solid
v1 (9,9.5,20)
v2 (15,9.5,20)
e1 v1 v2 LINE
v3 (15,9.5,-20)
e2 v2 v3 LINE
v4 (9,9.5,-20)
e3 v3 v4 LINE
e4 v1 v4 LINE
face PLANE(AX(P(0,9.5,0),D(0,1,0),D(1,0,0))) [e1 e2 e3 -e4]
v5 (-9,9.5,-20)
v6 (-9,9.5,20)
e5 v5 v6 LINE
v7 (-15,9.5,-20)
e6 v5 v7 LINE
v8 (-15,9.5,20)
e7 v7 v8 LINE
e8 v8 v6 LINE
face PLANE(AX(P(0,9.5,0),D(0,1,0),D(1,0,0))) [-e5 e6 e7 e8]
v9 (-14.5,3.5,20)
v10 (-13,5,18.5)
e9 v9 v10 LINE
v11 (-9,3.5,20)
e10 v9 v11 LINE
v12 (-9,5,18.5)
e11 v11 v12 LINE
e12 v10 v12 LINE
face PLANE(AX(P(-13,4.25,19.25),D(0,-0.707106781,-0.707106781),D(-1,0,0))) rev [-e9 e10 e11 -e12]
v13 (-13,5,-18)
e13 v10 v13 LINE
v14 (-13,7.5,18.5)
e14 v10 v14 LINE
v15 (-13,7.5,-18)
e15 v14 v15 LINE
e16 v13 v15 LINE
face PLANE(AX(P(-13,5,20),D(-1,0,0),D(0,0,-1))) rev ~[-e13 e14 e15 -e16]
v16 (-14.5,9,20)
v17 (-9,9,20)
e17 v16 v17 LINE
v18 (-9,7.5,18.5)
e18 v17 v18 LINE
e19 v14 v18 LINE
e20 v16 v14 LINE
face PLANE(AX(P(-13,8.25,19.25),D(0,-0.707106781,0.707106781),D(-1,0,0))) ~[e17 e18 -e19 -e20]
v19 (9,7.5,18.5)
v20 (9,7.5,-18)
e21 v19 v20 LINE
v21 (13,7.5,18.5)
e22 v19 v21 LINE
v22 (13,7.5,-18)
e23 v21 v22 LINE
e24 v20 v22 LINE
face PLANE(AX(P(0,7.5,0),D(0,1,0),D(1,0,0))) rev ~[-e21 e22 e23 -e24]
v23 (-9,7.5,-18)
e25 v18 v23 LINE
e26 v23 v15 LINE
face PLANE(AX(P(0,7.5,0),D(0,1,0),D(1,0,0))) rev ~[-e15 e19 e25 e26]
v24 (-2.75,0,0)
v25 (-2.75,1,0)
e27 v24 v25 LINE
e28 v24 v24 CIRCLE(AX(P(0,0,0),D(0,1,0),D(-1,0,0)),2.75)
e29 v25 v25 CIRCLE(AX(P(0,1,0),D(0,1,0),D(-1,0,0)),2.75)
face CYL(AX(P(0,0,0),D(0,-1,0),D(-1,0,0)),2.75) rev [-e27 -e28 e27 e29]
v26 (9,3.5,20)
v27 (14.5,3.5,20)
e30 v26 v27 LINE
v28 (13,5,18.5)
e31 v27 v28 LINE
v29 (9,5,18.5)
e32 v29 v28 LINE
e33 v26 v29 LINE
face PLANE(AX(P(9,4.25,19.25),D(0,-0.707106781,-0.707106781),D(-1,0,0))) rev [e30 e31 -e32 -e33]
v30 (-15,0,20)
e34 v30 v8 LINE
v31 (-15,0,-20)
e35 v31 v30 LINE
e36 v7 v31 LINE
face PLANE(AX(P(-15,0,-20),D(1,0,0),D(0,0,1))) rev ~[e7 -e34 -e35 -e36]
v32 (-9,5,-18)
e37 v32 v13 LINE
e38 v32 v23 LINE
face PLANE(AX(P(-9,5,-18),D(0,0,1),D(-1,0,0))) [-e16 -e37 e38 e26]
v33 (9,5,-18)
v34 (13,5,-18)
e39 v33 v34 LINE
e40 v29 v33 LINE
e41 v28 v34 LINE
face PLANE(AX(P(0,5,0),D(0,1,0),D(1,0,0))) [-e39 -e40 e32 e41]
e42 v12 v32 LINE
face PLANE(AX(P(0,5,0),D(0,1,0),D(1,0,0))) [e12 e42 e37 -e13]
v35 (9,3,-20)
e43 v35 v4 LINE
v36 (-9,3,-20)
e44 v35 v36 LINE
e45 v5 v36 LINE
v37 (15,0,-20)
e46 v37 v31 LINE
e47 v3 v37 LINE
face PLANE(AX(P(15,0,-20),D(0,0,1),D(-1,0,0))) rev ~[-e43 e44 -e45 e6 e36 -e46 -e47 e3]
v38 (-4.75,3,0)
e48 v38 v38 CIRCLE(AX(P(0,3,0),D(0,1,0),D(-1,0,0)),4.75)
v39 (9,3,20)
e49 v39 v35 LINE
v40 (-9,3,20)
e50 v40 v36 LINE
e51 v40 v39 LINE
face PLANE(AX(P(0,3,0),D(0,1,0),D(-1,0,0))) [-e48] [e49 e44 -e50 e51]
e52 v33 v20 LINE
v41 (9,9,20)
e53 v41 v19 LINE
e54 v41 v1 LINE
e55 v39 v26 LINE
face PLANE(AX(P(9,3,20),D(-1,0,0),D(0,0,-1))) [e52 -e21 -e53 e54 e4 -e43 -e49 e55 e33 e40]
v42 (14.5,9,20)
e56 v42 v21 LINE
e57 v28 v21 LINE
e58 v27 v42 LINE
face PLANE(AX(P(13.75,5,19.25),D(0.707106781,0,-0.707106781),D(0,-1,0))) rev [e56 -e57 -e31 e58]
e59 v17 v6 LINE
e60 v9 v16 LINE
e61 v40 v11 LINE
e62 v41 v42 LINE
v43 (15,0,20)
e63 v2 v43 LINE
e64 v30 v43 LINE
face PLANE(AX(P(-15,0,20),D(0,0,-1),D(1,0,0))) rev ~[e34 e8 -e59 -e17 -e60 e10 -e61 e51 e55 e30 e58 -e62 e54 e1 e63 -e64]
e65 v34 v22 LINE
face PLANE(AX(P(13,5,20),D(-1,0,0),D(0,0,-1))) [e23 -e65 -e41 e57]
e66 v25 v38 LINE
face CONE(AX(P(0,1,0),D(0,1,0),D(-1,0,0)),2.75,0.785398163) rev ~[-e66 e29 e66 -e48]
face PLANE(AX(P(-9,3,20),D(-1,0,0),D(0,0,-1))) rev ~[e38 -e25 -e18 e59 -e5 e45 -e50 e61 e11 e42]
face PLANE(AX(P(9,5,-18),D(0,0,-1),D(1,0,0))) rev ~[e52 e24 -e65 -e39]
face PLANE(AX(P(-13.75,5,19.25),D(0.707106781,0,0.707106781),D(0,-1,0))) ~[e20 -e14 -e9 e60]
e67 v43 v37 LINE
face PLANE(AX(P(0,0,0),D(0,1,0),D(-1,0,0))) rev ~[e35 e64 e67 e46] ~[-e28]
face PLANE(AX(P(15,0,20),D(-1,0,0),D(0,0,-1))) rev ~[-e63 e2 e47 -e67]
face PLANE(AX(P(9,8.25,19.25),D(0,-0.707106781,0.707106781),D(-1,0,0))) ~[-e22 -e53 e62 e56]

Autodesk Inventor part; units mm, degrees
ref_plane "YZ Plane" through (0, 0, 0) normal (1, 0, 0) x (0, 1, 0)
ref_plane "XZ Plane" through (0, 0, 0) normal (0, 1, 0) x (-1, 0, 0)
ref_plane "XY Plane" through (0, 0, 0) normal (0, 0, 1) x (1, 0, 0)
sketch "Sketch1" plane through (0, 0, 0) normal (0, 1, 0) x (-1, 0, 0)
  line L0 (15, 20) -> (-15, 20)
  line L1 (-15, 20) -> (-15, -20)
  line L2 (-15, -20) -> (15, -20)
  line L3 (15, -20) -> (15, 20)
  line L4 (15, 20) -> (-15, -20) construction
  line L5 (-15, 20) -> (15, -20) construction
  circle A0 centre (0, 0) radius 2.75
  dimension "d0" = 30
  dimension "d1" = 40
  dimension "d2" = 5.5
extrude "Extrusion1" add sketch "Sketch1" along normal blind 3
chamfer "Chamfer1" distance 2 angle 45 1 edges at (2.75, 3, 0)
sketch "Sketch2" plane through (0, 3, 0) normal (0, 1, 0) x (1, 0, 0)
  line L0 (-15, -20) -> (15, -20) projected
  line L1 (15, 20) -> (-15, 20) projected
  line L2 (-15, -20) -> (-9, -20)
  line L3 (-9, -20) -> (-9, 20)
  line L4 (-9, 20) -> (-15, 20)
  line L5 (-15, 20) -> (-15, -20)
  line L6 (15, -20) -> (15, 20) projected
  line L7 (15, -20) -> (9, -20)
  line L8 (9, -20) -> (9, 20)
  line L9 (9, 20) -> (15, 20)
  line L10 (15, 20) -> (15, -20)
  point P0 (0, 0)
  point P1 (9, 20)
  dimension "d8" = 6
  dimension "d9" = 6
extrude "Extrusion2" add sketch "Sketch2" along normal blind 2 contours L5 L1 L3 L0 | L8 L1 L6 L0
sketch "Sketch3" plane through (0, 5, 0) normal (0, 1, 0) x (1, 0, 0)
  line L0 (-15, -20) -> (-9, -20) projected
  line L1 (15, 20) -> (-15, 20) projected
  line L2 (-15, -20) -> (-13, -20)
  line L3 (-13, -20) -> (-13, 20)
  line L4 (-13, 20) -> (-15, 20)
  line L5 (-15, 20) -> (-15, -20)
  line L6 (15, -20) -> (13, -20)
  line L7 (13, -20) -> (13, 20)
  line L8 (13, 20) -> (15, 20)
  line L9 (15, 20) -> (15, -20)
  line L10 (15, -20) -> (15, 20) projected
  line L11 (-9, -20) -> (-9, 20) projected
  line L12 (-15, 20) -> (-9, 20)
  line L13 (-9, 20) -> (-9, 18)
  line L14 (-9, 18) -> (-15, 18)
  line L15 (-15, 18) -> (-15, 20)
  line L16 (9, 20) -> (9, -20) projected
  line L17 (15, 20) -> (9, 20)
  line L18 (9, 20) -> (9, 18)
  line L19 (9, 18) -> (15, 18)
  line L20 (15, 18) -> (15, 20)
  point P0 (0, 0)
  point P1 (13, 18)
  point P2 (-13, 18)
  dimension "d12" = 2
  dimension "d13" = 2
  dimension "d14" = 0
  dimension "d15" = 2
extrude "Extrusion3" add sketch "Sketch3" along normal blind 2.5 contours L5 L14 L3 L0 | L1 L7 L19 L16 | L5 L1 L3 L14 | L3 L1 L11 L14 | L1 L9 L19 L7 | L19 L9 L6 L7
sketch "Sketch4" plane through (0, 7.5, 0) normal (0, 1, 0) x (1, 0, 0)
  line L0 (-15, 20) -> (-15, -20) projected
  line L1 (15, 20) -> (-15, 20) projected
  line L2 (-15, -20) -> (-9, -20)
  line L3 (-9, -20) -> (-9, 20)
  line L4 (-9, 20) -> (-15, 20)
  line L5 (-15, 20) -> (-15, -20)
  line L6 (15, -20) -> (15, 20) projected
  line L7 (9, -20) -> (9, 20) projected
  line L8 (15, 20) -> (9, 20)
  line L9 (9, 20) -> (9, -20)
  line L10 (9, -20) -> (15, -20)
  line L11 (15, -20) -> (15, 20)
  line L12 (-9, 18) -> (-9, 20) projected
  point P0 (0, 0)
  dimension "d18" = 0
extrude "Extrusion4" add sketch "Sketch4" along normal blind 2
chamfer "Chamfer2" distance 1.5 angle 45 6 edges at (-13, 6.25, 20) (-11, 7.5, 20) (-11, 5, 20) (11, 5, 20) (13, 6.25, 20) (11, 7.5, 20)
properties part number "spodok_drazka"
